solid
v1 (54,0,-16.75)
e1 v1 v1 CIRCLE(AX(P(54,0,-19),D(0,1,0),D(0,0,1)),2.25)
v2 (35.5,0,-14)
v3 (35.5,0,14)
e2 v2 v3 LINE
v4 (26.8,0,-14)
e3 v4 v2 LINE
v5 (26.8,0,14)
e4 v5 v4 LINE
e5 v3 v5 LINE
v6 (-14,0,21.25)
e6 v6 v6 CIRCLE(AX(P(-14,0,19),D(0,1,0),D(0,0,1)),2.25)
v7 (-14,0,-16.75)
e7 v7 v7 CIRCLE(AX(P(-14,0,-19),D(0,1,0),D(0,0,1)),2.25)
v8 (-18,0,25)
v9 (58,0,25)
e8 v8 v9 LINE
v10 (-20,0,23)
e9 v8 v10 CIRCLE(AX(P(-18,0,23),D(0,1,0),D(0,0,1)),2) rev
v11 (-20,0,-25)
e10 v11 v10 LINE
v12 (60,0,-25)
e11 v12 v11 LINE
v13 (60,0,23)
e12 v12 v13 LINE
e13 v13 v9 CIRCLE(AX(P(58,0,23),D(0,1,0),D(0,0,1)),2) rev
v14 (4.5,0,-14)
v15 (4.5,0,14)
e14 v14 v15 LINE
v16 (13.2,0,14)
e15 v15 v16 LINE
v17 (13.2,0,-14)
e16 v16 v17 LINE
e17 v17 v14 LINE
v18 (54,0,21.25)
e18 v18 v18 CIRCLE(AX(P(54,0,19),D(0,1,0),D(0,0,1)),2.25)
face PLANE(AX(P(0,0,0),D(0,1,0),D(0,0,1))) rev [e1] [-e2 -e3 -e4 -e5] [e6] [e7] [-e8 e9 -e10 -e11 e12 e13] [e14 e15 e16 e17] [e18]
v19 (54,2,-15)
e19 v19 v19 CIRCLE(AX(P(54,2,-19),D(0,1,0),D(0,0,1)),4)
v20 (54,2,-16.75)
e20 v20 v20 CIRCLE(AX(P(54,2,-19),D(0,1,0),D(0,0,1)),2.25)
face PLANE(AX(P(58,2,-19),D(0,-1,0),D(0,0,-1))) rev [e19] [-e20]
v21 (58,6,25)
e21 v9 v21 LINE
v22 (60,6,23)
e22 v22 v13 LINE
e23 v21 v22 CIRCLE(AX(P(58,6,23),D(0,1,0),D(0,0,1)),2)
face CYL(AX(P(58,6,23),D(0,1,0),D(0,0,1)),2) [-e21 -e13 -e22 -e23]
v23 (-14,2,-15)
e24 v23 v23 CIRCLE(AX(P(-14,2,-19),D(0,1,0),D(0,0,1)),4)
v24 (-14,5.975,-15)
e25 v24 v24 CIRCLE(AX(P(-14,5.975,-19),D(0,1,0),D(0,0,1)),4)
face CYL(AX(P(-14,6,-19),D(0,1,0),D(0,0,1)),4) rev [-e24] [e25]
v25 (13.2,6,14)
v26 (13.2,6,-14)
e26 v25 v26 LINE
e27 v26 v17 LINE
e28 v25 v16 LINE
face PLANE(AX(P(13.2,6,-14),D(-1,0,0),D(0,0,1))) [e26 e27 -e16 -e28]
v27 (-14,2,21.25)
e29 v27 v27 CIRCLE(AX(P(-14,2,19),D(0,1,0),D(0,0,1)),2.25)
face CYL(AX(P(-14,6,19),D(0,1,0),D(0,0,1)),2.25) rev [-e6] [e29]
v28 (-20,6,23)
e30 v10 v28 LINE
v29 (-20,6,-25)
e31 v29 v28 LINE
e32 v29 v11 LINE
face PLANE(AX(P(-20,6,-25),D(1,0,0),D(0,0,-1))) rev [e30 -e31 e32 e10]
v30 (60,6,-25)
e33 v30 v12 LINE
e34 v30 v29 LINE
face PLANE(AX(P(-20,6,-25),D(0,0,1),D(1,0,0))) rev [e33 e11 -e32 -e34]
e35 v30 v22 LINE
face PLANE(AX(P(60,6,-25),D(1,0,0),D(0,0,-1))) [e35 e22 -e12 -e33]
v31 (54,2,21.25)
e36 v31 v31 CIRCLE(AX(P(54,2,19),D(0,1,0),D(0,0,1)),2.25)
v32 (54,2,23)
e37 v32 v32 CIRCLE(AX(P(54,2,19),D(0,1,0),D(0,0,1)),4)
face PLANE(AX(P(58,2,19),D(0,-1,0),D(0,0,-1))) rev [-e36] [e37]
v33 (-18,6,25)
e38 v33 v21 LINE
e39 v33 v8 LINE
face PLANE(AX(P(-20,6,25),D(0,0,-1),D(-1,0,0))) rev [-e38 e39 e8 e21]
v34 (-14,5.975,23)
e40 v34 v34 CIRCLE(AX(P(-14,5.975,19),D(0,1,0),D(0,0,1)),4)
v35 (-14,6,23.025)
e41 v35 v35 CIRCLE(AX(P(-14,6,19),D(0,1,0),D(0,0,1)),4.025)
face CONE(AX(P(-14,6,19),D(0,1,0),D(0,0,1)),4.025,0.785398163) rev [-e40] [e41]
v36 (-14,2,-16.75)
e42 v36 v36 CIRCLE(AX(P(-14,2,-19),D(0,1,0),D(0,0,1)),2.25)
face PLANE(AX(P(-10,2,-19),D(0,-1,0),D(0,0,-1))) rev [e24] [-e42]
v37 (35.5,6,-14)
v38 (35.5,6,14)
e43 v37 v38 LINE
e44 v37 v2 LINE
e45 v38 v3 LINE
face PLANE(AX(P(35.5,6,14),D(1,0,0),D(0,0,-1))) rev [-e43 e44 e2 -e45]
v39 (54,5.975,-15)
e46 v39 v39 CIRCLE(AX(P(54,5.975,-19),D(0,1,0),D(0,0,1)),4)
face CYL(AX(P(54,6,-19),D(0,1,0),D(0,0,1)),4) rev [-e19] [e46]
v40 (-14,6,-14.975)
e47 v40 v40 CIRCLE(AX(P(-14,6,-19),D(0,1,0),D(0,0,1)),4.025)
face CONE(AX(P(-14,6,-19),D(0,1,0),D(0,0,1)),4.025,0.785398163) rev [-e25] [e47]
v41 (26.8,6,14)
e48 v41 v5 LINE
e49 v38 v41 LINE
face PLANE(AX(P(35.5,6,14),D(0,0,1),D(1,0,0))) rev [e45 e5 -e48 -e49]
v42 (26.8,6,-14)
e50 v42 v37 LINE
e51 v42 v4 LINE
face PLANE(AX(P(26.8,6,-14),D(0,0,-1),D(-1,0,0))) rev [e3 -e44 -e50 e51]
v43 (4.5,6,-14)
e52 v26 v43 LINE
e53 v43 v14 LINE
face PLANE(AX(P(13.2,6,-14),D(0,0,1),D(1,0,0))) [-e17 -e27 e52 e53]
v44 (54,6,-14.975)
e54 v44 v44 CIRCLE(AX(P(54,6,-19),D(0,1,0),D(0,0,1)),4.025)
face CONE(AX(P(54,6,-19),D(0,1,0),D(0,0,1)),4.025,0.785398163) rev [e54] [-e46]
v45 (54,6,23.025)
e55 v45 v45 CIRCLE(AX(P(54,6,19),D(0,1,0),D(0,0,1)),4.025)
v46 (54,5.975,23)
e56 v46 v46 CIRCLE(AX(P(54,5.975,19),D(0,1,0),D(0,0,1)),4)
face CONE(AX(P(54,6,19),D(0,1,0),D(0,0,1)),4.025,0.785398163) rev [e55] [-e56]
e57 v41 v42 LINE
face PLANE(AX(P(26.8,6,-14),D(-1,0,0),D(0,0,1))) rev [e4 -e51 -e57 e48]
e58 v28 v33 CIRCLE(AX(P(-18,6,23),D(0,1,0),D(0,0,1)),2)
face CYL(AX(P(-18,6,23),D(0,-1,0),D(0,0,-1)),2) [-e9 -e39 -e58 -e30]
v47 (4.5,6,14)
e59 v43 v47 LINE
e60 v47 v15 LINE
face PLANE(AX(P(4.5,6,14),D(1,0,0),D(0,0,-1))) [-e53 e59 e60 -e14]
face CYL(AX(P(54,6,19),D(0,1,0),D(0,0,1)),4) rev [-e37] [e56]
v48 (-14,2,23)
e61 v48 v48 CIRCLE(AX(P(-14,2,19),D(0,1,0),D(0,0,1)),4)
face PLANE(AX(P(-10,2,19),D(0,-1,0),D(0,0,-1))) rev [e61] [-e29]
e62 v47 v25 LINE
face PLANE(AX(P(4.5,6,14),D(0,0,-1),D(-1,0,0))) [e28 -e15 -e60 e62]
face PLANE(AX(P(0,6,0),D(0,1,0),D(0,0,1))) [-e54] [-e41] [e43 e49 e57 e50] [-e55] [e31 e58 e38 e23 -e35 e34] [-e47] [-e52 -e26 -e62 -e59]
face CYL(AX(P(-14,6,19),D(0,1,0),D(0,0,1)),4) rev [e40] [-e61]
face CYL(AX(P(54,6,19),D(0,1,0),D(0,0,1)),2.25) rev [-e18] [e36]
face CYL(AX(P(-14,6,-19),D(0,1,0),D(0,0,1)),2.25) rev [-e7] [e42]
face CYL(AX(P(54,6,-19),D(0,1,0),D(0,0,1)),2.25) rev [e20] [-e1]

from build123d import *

# Parameters (mm, degrees)
SKETCH2_W                     = 40
SKETCH2_H                     = 50
SKETCH2_W_2                   = 8.7
SKETCH2_H_2                   = 28
BOSS_EXTRUDE1_DEPTH           = 6
CBORE_FOR_M4_SHCS2_AT_2_COUNT = 2
CBORE_FOR_M4_SHCS2_AT_2_PITCH = 38
FILLET1_R                     = 2


with BuildPart() as part:
    # Sketch2 → Boss-Extrude1 (new body)
    with BuildSketch(Plane(origin=(0, 0, 0), x_dir=(1, 0, 0), z_dir=(0, 1, 0))):
        Rectangle(SKETCH2_W, SKETCH2_H)
        with Locations((8.85, 0)):
            Rectangle(SKETCH2_W_2, SKETCH2_H_2, mode=Mode.SUBTRACT)
    boss_extrude1 = extrude(amount=BOSS_EXTRUDE1_DEPTH)

    # Sketch4 → CBORE for M4 SHCS2 (revolve, cut)
    with BuildSketch(Plane(origin=(-14, 6, 19), x_dir=(0, 0, 1), z_dir=(1, 0, 0))):
        Polygon((0, 0), (0, 6), (2.25, 6), (2.25, 4), (4, 4), (4, 0.025), (4.025, 0), align=None)
    cbore_for_m4_shcs2 = revolve(axis=Axis((-14, 12.35, 19), (0, -1, 0)), mode=Mode.SUBTRACT)

    # CBORE for M4 SHCS2 at 2: CBORE for M4 SHCS2 ×2
    with Locations(*[(0, 0, -i * CBORE_FOR_M4_SHCS2_AT_2_PITCH) for i in range(1, CBORE_FOR_M4_SHCS2_AT_2_COUNT)]):
        add(cbore_for_m4_shcs2, mode=Mode.SUBTRACT)

    # Mirror1: Boss-Extrude1, CBORE for M4 SHCS2 across plane
    add(boss_extrude1.mirror(Plane(origin=(20, 0, 0), x_dir=(0, 0, 1), z_dir=(1, 0, 0))))
    add(cbore_for_m4_shcs2.mirror(Plane(origin=(20, 0, 0), x_dir=(0, 0, 1), z_dir=(1, 0, 0))), mode=Mode.SUBTRACT)

    # Mirror1 copy 1 sketch → Mirror1 copy 1 (revolve, cut)
    with BuildSketch(Plane(origin=(54, 6, -19), x_dir=(0, 0, 1), z_dir=(-1, 0, 0))):
        Polygon((0, 0), (0, -6), (2.25, -6), (2.25, -4), (4, -4), (4, -0.025), (4.025, 0), align=None)
    revolve(axis=Axis((54, 12.35, -19), (0, 1, 0)), mode=Mode.SUBTRACT)

    # Fillet1
    fillet1_edges = [part.edges().sort_by_distance(p)[0] for p in [
        (60, 3, 25),
        (-20, 3, 25),
    ]]
    fillet(fillet1_edges, radius=FILLET1_R)


solid = part.part
